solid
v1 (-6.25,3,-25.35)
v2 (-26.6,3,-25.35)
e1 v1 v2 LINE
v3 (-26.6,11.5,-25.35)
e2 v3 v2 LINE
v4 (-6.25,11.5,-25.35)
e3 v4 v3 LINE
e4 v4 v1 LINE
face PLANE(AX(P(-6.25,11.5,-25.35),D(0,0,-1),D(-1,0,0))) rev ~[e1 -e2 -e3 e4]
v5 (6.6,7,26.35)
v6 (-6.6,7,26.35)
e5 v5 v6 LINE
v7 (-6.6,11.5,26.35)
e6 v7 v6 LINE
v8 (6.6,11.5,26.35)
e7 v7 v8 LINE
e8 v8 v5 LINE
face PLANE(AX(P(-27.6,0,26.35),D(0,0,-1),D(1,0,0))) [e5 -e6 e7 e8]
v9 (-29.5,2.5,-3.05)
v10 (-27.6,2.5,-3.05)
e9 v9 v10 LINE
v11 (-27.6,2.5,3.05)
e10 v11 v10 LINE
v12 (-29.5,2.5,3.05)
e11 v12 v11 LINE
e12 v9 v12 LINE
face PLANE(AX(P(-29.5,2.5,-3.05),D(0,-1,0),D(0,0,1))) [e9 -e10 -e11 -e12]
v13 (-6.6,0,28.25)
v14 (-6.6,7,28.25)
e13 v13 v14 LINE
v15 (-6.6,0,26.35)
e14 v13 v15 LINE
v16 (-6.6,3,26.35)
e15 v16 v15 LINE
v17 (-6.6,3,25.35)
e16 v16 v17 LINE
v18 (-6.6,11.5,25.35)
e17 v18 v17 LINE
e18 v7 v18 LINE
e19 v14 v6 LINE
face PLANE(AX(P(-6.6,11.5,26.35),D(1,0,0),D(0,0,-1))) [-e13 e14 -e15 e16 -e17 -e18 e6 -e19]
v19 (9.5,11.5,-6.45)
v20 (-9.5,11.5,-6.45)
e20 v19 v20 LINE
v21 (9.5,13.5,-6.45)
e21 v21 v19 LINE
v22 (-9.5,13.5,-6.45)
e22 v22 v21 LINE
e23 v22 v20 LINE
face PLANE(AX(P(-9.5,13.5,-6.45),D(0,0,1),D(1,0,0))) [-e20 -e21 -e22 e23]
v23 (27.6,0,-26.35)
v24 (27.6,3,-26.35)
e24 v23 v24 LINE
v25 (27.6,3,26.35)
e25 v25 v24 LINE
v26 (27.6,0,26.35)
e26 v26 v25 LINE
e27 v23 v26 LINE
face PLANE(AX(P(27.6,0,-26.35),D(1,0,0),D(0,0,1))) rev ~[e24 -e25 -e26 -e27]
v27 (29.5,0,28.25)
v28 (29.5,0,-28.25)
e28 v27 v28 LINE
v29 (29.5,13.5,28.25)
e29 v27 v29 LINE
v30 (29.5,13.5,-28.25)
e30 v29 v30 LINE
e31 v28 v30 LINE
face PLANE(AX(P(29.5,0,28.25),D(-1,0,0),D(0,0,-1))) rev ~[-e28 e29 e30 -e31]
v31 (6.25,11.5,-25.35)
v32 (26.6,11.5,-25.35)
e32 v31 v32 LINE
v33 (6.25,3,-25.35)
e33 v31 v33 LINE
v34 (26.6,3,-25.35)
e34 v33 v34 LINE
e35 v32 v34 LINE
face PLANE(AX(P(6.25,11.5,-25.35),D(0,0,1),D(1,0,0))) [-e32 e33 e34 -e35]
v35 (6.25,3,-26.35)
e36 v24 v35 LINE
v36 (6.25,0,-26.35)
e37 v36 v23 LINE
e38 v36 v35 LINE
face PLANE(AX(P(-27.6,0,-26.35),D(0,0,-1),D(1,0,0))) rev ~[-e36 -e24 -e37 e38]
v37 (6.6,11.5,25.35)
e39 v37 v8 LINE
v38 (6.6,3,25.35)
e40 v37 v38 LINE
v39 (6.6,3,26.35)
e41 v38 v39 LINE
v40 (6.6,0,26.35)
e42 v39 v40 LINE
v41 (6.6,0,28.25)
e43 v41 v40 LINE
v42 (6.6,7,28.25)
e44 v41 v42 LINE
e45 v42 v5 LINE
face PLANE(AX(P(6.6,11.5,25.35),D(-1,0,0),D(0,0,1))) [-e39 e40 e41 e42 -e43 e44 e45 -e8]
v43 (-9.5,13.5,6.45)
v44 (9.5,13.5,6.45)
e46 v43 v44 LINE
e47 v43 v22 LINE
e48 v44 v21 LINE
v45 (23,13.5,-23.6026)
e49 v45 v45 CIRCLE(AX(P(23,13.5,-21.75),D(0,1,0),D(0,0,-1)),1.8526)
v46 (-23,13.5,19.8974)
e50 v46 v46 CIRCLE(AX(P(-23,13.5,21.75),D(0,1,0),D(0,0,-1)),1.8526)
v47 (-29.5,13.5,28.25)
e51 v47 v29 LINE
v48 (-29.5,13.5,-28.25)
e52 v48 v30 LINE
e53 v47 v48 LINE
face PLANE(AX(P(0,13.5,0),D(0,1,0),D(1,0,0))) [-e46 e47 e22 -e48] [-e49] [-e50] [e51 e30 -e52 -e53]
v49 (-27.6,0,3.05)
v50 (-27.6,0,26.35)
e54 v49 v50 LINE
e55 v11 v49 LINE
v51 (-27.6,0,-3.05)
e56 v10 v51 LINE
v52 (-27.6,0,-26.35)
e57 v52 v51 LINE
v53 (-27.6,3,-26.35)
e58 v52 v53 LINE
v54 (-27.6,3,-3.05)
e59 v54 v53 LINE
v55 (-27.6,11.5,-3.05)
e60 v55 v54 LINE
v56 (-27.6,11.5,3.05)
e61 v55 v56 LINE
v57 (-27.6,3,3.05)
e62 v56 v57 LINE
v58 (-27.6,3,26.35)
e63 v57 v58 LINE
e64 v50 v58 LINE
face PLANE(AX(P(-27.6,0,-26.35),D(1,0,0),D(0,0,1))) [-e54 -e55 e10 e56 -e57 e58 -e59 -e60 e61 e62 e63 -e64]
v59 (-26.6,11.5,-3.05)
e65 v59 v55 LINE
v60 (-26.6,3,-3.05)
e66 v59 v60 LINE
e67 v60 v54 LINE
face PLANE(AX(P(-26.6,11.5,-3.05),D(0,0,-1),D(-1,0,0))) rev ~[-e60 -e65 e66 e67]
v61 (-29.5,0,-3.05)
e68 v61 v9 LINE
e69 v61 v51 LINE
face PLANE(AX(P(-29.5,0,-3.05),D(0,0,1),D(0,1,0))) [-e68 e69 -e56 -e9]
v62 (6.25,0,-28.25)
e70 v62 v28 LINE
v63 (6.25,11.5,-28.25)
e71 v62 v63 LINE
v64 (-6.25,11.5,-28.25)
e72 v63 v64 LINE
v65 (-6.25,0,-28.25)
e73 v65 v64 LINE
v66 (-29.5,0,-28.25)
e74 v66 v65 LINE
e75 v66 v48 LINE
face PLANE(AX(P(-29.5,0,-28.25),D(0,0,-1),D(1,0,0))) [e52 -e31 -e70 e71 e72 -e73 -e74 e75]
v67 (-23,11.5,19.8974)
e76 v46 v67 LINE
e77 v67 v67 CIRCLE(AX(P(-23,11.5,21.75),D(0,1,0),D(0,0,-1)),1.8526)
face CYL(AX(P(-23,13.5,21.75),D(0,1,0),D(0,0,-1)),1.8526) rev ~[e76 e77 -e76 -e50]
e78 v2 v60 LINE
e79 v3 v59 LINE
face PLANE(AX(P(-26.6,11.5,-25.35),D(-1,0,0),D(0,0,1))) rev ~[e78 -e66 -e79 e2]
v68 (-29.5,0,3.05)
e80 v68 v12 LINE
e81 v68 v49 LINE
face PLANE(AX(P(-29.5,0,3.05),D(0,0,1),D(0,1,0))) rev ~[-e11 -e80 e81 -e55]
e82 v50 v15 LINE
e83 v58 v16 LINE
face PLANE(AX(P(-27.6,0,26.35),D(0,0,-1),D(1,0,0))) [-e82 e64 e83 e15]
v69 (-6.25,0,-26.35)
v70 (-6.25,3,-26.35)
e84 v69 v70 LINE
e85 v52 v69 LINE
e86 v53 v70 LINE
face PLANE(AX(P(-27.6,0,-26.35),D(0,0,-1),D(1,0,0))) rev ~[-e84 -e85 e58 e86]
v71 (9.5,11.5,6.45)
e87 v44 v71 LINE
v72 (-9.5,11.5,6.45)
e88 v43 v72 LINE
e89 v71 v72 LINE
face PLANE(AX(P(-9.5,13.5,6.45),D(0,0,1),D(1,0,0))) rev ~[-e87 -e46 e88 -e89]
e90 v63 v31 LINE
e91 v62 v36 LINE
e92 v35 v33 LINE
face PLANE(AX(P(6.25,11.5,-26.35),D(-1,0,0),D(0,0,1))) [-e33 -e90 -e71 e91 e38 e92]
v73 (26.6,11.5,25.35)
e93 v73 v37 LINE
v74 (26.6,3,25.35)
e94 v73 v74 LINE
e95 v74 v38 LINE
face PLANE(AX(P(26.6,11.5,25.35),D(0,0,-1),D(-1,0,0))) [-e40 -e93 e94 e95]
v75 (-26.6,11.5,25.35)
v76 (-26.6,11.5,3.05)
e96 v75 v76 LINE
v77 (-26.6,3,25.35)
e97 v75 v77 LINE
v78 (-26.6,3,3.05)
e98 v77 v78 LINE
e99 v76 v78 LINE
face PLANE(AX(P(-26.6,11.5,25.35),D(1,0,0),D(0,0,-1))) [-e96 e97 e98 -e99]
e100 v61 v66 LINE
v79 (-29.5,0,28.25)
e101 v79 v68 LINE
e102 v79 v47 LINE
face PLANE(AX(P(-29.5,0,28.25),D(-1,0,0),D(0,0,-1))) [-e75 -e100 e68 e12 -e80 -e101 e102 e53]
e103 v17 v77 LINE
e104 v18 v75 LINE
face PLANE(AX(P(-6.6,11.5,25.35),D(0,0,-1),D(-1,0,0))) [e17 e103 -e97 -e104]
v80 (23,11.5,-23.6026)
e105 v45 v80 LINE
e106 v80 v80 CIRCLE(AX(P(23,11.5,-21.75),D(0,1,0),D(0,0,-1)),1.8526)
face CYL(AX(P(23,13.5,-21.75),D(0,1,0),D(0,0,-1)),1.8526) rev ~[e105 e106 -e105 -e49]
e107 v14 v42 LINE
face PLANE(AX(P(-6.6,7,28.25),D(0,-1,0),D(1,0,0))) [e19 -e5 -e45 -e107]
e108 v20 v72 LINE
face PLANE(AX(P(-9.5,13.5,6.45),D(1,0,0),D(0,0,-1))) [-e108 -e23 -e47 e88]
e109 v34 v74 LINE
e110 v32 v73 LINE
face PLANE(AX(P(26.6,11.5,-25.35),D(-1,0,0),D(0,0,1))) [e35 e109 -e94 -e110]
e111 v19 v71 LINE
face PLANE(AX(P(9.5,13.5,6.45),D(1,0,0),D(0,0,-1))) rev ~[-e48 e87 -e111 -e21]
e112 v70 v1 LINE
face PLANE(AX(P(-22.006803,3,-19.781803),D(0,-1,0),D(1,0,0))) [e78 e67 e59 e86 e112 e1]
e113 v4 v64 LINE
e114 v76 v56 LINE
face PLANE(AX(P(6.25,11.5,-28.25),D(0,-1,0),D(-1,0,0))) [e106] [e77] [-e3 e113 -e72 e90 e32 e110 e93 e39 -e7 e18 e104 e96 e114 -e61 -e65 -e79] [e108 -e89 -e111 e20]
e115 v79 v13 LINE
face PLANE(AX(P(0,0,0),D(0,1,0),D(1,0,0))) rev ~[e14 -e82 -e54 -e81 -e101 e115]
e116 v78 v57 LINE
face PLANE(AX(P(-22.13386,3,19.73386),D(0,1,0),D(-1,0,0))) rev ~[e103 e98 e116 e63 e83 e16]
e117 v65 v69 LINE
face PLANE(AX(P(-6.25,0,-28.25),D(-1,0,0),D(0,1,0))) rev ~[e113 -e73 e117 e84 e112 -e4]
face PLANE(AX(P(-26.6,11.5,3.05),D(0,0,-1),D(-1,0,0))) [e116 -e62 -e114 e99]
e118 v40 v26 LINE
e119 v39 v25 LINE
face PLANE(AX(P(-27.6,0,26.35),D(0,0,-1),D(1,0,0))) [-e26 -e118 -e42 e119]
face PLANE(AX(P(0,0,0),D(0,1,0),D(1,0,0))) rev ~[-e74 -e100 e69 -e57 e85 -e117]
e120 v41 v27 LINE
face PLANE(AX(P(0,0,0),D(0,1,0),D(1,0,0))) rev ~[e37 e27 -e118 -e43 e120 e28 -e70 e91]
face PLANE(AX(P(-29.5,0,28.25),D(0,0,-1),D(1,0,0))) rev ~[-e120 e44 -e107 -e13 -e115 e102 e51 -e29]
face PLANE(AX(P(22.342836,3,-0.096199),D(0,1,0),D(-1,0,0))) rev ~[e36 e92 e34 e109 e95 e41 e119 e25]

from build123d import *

# Parameters (mm, degrees)
SKETCH1_W           = 59
SKETCH1_H           = 56.5
BOSS_EXTRUDE1_DEPTH = 13.5
SKETCH2_W           = 55.2
SKETCH2_H           = 52.7
CUT_EXTRUDE1_DEPTH  = 11.5
SKETCH10_W          = 19
SKETCH10_H          = 12.9
CUT_EXTRUDE4_DEPTH  = 10
SKETCH11_W          = 6.1
SKETCH11_H          = 2.5
CUT_EXTRUDE5_DEPTH  = 10
SKETCH12_W          = 12.5
SKETCH12_H          = 11.5
CUT_EXTRUDE6_DEPTH  = 10
SKETCH13_W          = 13.2
SKETCH13_H          = 7
CUT_EXTRUDE7_DEPTH  = 10
BOSS_EXTRUDE2_DEPTH = 8.5
SKETCH16_R          = 1.8526
CUT_EXTRUDE8_DEPTH  = 3


with BuildPart() as part:
    # Sketch1 → Boss-Extrude1 (new body)
    with BuildSketch(Plane(origin=(0, 0, 0), x_dir=(1, 0, 0), z_dir=(0, 1, 0))):
        Rectangle(SKETCH1_W, SKETCH1_H)
    extrude(amount=BOSS_EXTRUDE1_DEPTH)

    # Sketch2 → Cut-Extrude1 (cut)
    with BuildSketch(Plane.XZ):
        Rectangle(SKETCH2_W, SKETCH2_H)
    extrude(amount=-CUT_EXTRUDE1_DEPTH, mode=Mode.SUBTRACT)

    # Sketch10 → Cut-Extrude4 (cut)
    with BuildSketch(Plane(origin=(0, 13.5, 0), x_dir=(1, 0, 0), z_dir=(0, 1, 0))):
        Rectangle(SKETCH10_W, SKETCH10_H)
    extrude(amount=-CUT_EXTRUDE4_DEPTH, mode=Mode.SUBTRACT)

    # Sketch11 → Cut-Extrude5 (cut)
    with BuildSketch(Plane.ZY.offset(29.5)):
        with Locations((0, 1.25)):
            Rectangle(SKETCH11_W, SKETCH11_H)
    extrude(amount=-CUT_EXTRUDE5_DEPTH, mode=Mode.SUBTRACT)

    # Sketch12 → Cut-Extrude6 (cut)
    with BuildSketch(Plane(origin=(0, 0, -28.25), x_dir=(-1, 0, 0), z_dir=(0, 0, -1))):
        with Locations((0, 5.75)):
            Rectangle(SKETCH12_W, SKETCH12_H)
    extrude(amount=-CUT_EXTRUDE6_DEPTH, mode=Mode.SUBTRACT)

    # Sketch13 → Cut-Extrude7 (cut)
    with BuildSketch(Plane.XY.offset(28.25)):
        with Locations((0, 3.5)):
            Rectangle(SKETCH13_W, SKETCH13_H)
    extrude(amount=-CUT_EXTRUDE7_DEPTH, mode=Mode.SUBTRACT)

    # Sketch14 → Boss-Extrude2 (add)
    with BuildSketch(Plane.XZ.offset(-11.5)):
        Polygon((-26.6, 25.35), (-26.6, 3.05), (-27.6, 3.05), (-27.6, 26.35), (-6.6, 26.35), (-6.6, 25.35), align=None)
        Polygon((-27.6, -26.35), (-6.25, -26.35), (-6.25, -25.35), (-26.6, -25.35), (-26.6, -3.05), (-27.6, -3.05), align=None)
        Polygon((27.6, 26.35), (27.6, -26.35), (6.25, -26.35), (6.25, -25.35), (26.6, -25.35), (26.6, 25.35), (6.6, 25.35), (6.6, 26.35), align=None)
    extrude(amount=BOSS_EXTRUDE2_DEPTH)

    # Sketch16 → Cut-Extrude8 (cut)
    with BuildSketch(Plane(origin=(0, 13.5, 0), x_dir=(1, 0, 0), z_dir=(0, 1, 0))):
        with Locations(Location((23, 21.75, 0), (0, 0, 90))):
            Circle(SKETCH16_R)
        with Locations(Location((-23, -21.75, 0), (0, 0, 90))):
            Circle(SKETCH16_R)
    extrude(amount=-CUT_EXTRUDE8_DEPTH, mode=Mode.SUBTRACT)


solid = part.part
